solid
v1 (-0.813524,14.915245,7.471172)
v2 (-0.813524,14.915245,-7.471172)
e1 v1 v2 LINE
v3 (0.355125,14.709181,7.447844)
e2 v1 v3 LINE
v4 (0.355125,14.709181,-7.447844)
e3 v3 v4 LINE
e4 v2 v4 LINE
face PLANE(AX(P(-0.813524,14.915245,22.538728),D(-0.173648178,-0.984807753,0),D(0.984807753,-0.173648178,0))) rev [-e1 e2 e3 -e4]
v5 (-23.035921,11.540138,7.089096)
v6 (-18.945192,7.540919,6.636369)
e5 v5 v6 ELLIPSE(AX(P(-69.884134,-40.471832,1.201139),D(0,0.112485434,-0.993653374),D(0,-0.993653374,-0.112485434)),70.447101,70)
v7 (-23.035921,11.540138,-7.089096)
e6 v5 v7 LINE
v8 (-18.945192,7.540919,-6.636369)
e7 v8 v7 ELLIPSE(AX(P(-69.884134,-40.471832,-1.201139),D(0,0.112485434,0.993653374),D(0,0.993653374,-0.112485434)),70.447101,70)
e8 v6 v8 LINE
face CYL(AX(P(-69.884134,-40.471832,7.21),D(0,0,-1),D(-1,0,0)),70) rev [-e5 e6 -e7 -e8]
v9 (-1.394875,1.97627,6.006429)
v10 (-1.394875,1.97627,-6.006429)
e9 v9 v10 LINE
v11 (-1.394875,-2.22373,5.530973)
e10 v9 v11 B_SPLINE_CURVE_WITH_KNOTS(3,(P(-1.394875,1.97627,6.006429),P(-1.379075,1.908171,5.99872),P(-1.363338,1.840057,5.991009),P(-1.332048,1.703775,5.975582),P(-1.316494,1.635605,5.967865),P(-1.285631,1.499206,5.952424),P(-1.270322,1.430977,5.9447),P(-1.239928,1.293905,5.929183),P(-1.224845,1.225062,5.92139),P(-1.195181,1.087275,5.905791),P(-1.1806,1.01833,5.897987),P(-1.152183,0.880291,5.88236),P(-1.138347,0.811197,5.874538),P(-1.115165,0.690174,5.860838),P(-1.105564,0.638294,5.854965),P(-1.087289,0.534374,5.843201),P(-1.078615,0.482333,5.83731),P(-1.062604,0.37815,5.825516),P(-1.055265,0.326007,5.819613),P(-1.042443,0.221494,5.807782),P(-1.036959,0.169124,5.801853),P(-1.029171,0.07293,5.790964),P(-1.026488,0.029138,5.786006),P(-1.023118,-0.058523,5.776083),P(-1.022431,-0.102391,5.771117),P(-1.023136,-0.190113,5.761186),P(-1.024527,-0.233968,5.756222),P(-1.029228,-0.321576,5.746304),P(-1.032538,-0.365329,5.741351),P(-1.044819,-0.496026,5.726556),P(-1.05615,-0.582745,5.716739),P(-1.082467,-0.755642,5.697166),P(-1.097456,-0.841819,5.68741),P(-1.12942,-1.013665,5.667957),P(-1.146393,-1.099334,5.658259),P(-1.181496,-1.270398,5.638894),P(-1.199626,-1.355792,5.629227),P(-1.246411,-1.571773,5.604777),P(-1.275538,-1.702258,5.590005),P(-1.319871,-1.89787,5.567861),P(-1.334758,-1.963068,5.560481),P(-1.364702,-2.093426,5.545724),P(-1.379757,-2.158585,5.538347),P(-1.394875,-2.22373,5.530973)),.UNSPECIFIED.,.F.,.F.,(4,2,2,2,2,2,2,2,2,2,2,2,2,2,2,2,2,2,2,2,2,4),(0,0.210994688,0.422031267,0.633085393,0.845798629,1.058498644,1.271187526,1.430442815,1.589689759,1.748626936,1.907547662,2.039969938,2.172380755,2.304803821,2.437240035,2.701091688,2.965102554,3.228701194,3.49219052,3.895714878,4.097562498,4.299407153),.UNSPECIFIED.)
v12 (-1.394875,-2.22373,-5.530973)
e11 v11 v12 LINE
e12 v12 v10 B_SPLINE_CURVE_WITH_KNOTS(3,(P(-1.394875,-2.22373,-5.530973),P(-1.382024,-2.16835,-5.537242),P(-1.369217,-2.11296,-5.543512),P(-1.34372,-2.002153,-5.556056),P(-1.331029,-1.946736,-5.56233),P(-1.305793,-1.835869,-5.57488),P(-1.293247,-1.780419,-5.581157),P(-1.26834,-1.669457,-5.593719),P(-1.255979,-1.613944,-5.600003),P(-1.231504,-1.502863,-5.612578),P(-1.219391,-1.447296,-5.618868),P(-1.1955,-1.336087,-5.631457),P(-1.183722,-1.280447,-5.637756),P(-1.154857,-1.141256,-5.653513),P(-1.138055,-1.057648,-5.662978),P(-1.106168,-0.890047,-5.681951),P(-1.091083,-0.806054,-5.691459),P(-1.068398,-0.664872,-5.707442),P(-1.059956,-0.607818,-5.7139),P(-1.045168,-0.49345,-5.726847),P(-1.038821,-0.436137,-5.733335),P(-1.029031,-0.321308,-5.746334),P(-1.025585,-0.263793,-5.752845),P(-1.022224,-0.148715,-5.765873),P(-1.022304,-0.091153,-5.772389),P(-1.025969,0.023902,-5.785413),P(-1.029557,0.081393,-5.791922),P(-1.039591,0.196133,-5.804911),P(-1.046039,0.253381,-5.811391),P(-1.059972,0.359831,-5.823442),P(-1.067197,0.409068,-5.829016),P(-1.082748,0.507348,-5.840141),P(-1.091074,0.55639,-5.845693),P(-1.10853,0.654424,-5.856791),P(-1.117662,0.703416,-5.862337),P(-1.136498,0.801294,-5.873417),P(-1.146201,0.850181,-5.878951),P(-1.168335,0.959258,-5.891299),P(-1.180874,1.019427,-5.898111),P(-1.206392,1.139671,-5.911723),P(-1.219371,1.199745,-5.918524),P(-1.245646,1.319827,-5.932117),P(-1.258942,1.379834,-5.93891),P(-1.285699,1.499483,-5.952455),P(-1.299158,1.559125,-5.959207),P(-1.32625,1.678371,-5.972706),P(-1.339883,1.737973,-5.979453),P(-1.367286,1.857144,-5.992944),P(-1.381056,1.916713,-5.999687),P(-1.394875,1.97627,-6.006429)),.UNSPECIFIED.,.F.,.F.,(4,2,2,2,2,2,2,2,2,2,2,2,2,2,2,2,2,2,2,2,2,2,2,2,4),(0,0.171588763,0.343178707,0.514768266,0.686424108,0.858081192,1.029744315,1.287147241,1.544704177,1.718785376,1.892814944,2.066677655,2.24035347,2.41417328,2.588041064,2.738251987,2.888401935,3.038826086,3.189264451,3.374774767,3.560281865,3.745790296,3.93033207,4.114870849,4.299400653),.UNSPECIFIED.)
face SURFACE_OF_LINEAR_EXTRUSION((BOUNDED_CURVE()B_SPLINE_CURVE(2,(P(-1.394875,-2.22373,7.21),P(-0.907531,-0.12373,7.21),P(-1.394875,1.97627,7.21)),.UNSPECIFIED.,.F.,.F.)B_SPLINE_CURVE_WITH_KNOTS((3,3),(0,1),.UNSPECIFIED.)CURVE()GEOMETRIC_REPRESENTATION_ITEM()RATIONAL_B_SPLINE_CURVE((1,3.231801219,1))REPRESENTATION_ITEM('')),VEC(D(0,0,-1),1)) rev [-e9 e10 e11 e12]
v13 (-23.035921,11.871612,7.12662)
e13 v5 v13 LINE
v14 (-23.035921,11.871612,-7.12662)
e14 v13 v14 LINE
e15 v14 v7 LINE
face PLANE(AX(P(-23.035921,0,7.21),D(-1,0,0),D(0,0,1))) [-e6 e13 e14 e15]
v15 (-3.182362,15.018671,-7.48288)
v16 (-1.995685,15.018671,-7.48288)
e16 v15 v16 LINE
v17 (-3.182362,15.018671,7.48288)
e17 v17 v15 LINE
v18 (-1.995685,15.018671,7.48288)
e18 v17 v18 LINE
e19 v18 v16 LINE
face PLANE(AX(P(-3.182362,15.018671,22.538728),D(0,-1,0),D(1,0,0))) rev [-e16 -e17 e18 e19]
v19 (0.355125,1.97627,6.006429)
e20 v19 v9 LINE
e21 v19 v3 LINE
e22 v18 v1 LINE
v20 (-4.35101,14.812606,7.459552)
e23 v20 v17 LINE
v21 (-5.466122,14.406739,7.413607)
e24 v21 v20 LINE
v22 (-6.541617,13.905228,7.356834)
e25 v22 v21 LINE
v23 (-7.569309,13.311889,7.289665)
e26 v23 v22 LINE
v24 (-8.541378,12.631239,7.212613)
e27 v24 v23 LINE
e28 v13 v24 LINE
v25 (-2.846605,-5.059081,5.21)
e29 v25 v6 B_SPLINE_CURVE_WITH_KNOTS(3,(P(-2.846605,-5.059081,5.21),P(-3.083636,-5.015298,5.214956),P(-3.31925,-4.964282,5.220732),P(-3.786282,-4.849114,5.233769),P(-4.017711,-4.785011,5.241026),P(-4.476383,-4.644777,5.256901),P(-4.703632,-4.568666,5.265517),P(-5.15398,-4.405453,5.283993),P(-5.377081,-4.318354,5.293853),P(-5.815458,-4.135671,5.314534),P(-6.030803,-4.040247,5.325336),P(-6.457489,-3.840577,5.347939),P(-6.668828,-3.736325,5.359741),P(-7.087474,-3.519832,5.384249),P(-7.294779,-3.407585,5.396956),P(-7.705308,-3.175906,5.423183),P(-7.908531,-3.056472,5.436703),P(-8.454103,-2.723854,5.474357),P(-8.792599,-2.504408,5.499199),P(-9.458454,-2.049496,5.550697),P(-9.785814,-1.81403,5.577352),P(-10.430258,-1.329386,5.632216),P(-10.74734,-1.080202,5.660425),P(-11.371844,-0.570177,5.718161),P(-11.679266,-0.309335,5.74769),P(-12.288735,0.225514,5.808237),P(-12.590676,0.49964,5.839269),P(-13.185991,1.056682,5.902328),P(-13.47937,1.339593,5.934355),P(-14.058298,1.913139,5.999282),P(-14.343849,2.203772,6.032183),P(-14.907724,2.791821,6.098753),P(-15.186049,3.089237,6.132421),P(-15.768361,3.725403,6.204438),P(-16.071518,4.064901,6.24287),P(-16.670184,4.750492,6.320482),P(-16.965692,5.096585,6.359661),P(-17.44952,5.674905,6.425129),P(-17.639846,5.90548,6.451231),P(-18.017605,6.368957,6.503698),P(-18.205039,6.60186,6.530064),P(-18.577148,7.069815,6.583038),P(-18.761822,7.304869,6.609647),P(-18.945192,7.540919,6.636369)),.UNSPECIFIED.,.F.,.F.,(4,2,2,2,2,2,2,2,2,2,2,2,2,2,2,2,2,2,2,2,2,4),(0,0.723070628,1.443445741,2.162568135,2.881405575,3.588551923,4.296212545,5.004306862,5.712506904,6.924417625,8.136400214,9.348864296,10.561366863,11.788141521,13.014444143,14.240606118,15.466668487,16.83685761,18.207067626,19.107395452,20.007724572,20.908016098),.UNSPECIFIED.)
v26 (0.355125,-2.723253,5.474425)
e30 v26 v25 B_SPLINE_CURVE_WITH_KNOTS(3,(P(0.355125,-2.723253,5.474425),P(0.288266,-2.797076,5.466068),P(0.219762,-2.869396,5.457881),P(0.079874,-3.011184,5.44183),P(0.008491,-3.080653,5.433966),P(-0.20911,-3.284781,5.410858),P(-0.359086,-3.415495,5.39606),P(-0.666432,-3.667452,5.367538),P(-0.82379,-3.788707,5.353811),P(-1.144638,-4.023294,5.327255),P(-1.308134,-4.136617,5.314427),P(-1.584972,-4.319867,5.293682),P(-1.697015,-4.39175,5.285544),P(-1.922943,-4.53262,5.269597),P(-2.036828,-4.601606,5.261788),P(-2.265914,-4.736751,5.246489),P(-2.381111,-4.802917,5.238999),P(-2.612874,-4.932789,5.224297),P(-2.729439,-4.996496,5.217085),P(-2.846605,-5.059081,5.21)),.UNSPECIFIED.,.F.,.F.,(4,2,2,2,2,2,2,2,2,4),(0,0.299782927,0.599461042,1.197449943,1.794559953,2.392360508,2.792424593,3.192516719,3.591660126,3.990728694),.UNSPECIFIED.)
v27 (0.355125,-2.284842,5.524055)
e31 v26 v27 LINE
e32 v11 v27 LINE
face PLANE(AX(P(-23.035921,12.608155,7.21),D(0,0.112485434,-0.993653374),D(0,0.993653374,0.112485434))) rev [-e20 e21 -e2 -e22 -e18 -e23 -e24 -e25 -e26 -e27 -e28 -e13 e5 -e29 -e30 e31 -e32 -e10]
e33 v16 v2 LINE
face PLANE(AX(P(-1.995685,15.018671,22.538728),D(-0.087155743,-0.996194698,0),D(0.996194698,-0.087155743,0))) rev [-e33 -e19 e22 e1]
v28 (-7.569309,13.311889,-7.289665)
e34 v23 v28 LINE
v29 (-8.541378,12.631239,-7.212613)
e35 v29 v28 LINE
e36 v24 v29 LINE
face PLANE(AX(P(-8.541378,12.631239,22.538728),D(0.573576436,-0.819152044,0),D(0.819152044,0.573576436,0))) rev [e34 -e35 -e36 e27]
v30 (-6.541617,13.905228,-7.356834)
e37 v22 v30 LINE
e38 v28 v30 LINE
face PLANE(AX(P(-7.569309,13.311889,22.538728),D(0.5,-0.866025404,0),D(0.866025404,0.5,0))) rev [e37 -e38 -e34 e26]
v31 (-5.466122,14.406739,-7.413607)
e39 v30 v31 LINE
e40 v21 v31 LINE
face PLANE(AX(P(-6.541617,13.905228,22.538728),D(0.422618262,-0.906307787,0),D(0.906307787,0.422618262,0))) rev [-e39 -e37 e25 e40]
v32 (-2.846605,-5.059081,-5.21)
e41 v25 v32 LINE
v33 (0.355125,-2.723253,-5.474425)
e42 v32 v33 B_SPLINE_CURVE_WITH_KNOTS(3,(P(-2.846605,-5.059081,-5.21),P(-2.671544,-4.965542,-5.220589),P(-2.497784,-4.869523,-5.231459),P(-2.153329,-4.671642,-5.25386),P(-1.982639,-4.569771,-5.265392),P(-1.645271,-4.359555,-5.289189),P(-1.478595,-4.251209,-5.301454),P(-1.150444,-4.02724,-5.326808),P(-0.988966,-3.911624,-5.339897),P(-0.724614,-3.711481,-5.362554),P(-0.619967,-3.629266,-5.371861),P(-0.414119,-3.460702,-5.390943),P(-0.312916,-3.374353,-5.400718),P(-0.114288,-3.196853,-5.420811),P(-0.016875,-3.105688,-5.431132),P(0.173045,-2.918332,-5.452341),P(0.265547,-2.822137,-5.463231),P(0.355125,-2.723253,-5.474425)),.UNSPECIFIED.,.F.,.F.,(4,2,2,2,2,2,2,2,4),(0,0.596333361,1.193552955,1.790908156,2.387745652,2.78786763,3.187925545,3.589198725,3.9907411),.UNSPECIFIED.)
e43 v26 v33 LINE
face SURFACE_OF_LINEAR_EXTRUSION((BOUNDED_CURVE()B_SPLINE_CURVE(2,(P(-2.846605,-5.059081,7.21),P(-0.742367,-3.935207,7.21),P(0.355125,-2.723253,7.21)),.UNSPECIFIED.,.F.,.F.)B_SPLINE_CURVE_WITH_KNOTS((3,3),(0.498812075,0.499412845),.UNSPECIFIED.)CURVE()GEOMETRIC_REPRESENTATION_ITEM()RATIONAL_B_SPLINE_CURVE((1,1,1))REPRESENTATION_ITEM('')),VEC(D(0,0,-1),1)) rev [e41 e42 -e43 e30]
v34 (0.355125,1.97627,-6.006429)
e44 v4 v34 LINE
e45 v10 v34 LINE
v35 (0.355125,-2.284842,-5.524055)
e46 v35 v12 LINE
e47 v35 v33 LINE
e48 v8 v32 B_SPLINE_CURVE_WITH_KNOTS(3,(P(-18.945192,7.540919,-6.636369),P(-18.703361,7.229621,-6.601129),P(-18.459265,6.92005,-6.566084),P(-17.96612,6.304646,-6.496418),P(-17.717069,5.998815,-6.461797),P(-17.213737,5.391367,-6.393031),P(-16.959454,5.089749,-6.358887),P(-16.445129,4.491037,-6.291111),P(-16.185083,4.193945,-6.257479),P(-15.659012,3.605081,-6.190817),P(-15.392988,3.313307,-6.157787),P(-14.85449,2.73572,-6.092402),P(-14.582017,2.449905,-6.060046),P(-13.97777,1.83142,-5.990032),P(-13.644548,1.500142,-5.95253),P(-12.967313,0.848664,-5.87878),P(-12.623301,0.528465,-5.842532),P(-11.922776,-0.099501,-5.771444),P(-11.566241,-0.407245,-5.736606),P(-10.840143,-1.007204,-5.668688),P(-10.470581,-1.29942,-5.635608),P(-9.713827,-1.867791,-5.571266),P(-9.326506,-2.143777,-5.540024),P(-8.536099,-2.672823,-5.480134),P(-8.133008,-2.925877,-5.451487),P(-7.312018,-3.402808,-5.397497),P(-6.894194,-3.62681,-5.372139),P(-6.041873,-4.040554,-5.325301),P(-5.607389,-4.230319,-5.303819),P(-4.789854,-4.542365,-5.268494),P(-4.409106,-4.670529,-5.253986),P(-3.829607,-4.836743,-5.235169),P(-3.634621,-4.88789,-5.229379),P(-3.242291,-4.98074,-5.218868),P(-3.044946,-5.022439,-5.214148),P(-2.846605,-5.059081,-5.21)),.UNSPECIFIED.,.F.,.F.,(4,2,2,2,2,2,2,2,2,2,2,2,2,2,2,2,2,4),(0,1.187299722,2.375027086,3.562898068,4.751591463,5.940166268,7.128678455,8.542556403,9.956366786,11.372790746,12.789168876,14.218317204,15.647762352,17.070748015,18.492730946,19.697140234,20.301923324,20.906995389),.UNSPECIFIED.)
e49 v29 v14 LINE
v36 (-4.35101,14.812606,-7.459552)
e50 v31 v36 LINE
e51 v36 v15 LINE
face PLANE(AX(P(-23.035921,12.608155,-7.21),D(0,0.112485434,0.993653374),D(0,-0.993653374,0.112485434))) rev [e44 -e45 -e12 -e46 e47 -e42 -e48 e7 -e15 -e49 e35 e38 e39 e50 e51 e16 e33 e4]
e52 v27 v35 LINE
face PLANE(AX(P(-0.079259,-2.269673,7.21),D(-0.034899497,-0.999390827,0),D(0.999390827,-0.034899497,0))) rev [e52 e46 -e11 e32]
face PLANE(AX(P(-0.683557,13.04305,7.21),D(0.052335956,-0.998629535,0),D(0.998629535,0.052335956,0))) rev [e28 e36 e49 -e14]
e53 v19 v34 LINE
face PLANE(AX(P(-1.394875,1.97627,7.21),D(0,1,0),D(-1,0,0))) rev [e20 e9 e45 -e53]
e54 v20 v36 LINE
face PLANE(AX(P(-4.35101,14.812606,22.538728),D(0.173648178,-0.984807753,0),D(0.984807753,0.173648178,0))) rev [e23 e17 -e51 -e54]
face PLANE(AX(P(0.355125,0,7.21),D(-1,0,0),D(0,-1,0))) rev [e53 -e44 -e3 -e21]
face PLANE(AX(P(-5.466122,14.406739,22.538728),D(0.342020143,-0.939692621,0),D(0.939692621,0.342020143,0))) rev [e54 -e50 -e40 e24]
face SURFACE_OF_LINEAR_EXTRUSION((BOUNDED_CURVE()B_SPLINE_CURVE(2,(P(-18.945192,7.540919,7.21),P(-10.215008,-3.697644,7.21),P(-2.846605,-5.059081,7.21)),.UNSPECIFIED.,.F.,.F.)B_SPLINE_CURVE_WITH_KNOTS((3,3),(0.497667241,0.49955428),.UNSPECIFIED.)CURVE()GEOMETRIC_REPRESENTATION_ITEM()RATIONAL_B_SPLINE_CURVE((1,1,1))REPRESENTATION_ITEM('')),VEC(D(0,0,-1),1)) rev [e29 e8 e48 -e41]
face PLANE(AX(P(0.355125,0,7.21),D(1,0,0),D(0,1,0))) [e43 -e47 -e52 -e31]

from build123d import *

# Parameters (mm, degrees)
SALIENTE_EXTRUIR1_DEPTH             = 7.21
SALIENTE_EXTRUIR2_DEPTH             = 7.21
SALIENTE_EXTRUIR2_DEPTH_BACK        = 7.21
CORTAR_EXTRUIR2_DEPTH               = 28.232395202
CORTAR_EXTRUIR2_DEPTH_BACK          = 28.232395202
SALIENTE_EXTRUIR3_REACH             = 29.232
SALIENTE_EXTRUIR3_DIRECTION_2_REACH = 29.232


with BuildPart() as part:
    # Croquis1 → Saliente-Extruir1 (new, symmetric)
    with BuildSketch(Plane.XY):
        with BuildLine():
            add(Edge.make_bspline(
                [(-18.945192114, 7.540918896), (-10.215008384, -3.697644103), (-2.846604825, -5.059081104)],
                knots=[0.497667241, 0.497667241, 0.497667241, 0.49955428, 0.49955428, 0.49955428], degree=2, weights=[1, 1, 1]))
            add(Edge.make_bspline(
                [(-2.846604825, -5.059081104), (-0.742366882, -3.9352066), (0.355125, -2.723253227)],
                knots=[0.498812075, 0.498812075, 0.498812075, 0.499412845, 0.499412845, 0.499412845], degree=2, weights=[1, 1, 1]))
            Line((0.355125, -2.723253227), (0.355125, -2.284841781))
            Line((0.355125, -2.284841781), (-1.394875, -2.223730435))
            add(Edge.make_bspline(
                [(-1.394875, -2.223730435), (-0.90753067, -0.123730435), (-1.394875, 1.976269565)],
                knots=[0, 0, 0, 1, 1, 1], degree=2, weights=[1, 3.231801219, 1]))
            Line((-1.394875, 1.976269565), (0.355125, 2.284841781))
            Line((0.355125, 2.284841781), (0.355125, 3.001549529))
            add(Edge.make_bspline(
                [(0.355125, 3.001549529), (-1.44872627, 6.058427314), (-6.994875026, 10.477389992)],
                knots=[0.500820705, 0.500820705, 0.500820705, 0.502013312, 0.502013312, 0.502013312], degree=2, weights=[1, 1, 1]))
            Line((-6.994875026, 10.477389992), (-8.981845695, 12.608155172))
            Line((-8.981845695, 12.608155172), (-23.035921146, 11.871612288))
            Line((-23.035921146, 11.871612288), (-23.035921146, 11.54013782))
            ThreePointArc((-23.035921146, 11.54013782), (-20.949684518, 9.582335705), (-18.945192114, 7.540918896))
        make_face()
    extrude(amount=SALIENTE_EXTRUIR1_DEPTH, both=True)

    # Croquis4 → Saliente-Extruir2 (add, two sides: drawn at the far end of the back side and taken through both)
    with BuildSketch(Plane.XY.offset(-SALIENTE_EXTRUIR2_DEPTH_BACK)):
        Polygon((-1.394875, 1.976269565), (0.355125, 2.284841781), (0.355125, 1.976269565), align=None)
    extrude(amount=SALIENTE_EXTRUIR2_DEPTH + SALIENTE_EXTRUIR2_DEPTH_BACK)

    # Croquis6 → Cortar-Extruir2 (cut, two sides: drawn at the far end of the back side and taken through both)
    with BuildSketch(Plane(origin=(0, 0, 0), x_dir=(0, 0, -1), z_dir=(1, 0, 0)).offset(-CORTAR_EXTRUIR2_DEPTH_BACK)):
        Polygon((7.21, 12.608155172), (7.21, -5.059081104), (5.21, -5.059081104), align=None)
        Polygon((-7.21, 12.608155172), (-7.21, -5.059081104), (-5.21, -5.059081104), align=None)
    extrude(amount=CORTAR_EXTRUIR2_DEPTH + CORTAR_EXTRUIR2_DEPTH_BACK, mode=Mode.SUBTRACT)

    # Saliente-Extruir3: up to this plane
    saliente_extruir3_end = Plane(origin=(-23.035921146, 12.608155172, 7.21), z_dir=(0, 0.1124854344122626, -0.9936533736897816))
    # Croquis8 → Saliente-Extruir3 (add, up to the surface)
    with BuildSketch(Plane.XY, mode=Mode.PRIVATE) as saliente_extruir3_sk1:
        with BuildLine():
            Line((0.355125, 3.001549529), (0.355125, 14.709180541))
            Line((0.355125, 14.709180541), (-0.813523632, 14.915244826))
            Line((-0.813523632, 14.915244826), (-1.99568489, 15.018670535))
            Line((-1.99568489, 15.018670535), (-3.182361811, 15.018670535))
            Line((-3.182361811, 15.018670535), (-4.351010444, 14.81260625))
            Line((-4.351010444, 14.81260625), (-5.46612199, 14.406738839))
            Line((-5.46612199, 14.406738839), (-6.541616524, 13.905227501))
            Line((-6.541616524, 13.905227501), (-7.569308884, 13.311889041))
            Line((-7.569308884, 13.311889041), (-8.54137771, 12.631239121))
            Line((-8.54137771, 12.631239121), (-9.726428332, 12.56913325))
            add(Edge.make_bspline(
                [(-9.726428332, 12.56913325), (-1.861127424, 6.757298639), (0.355125, 3.001549529)],
                knots=[0.500548048, 0.500548048, 0.500548048, 0.502013312, 0.502013312, 0.502013312], degree=2, weights=[1, 1, 1]))
        make_face()
    saliente_extruir3_tool1 = split(extrude(saliente_extruir3_sk1.sketch, amount=SALIENTE_EXTRUIR3_REACH, mode=Mode.PRIVATE), bisect_by=saliente_extruir3_end, keep=Keep.BOTH, mode=Mode.PRIVATE)
    add(saliente_extruir3_tool1.solids().sort_by_distance((-2.98265, 10.736173, 0))[0])

    # Saliente-Extruir3 direction 2: up to this plane
    saliente_extruir3_direction_2_end = Plane(origin=(-23.035921146, 12.608155172, -7.21), z_dir=(0, 0.1124854344122626, 0.9936533736897816))
    # Croquis8 → Saliente-Extruir3 direction 2 (add, up to the surface)
    with BuildSketch(Plane.XY, mode=Mode.PRIVATE) as saliente_extruir3_direction_2_sk1:
        with BuildLine():
            Line((0.355125, 3.001549529), (0.355125, 14.709180541))
            Line((0.355125, 14.709180541), (-0.813523632, 14.915244826))
            Line((-0.813523632, 14.915244826), (-1.99568489, 15.018670535))
            Line((-1.99568489, 15.018670535), (-3.182361811, 15.018670535))
            Line((-3.182361811, 15.018670535), (-4.351010444, 14.81260625))
            Line((-4.351010444, 14.81260625), (-5.46612199, 14.406738839))
            Line((-5.46612199, 14.406738839), (-6.541616524, 13.905227501))
            Line((-6.541616524, 13.905227501), (-7.569308884, 13.311889041))
            Line((-7.569308884, 13.311889041), (-8.54137771, 12.631239121))
            Line((-8.54137771, 12.631239121), (-9.726428332, 12.56913325))
            add(Edge.make_bspline(
                [(-9.726428332, 12.56913325), (-1.861127424, 6.757298639), (0.355125, 3.001549529)],
                knots=[0.500548048, 0.500548048, 0.500548048, 0.502013312, 0.502013312, 0.502013312], degree=2, weights=[1, 1, 1]))
        make_face()
    saliente_extruir3_direction_2_tool1 = split(extrude(saliente_extruir3_direction_2_sk1.sketch, amount=-SALIENTE_EXTRUIR3_DIRECTION_2_REACH, mode=Mode.PRIVATE), bisect_by=saliente_extruir3_direction_2_end, keep=Keep.BOTH, mode=Mode.PRIVATE)
    add(saliente_extruir3_direction_2_tool1.solids().sort_by_distance((-2.98265, 10.736173, 0))[0])


solid = part.part
